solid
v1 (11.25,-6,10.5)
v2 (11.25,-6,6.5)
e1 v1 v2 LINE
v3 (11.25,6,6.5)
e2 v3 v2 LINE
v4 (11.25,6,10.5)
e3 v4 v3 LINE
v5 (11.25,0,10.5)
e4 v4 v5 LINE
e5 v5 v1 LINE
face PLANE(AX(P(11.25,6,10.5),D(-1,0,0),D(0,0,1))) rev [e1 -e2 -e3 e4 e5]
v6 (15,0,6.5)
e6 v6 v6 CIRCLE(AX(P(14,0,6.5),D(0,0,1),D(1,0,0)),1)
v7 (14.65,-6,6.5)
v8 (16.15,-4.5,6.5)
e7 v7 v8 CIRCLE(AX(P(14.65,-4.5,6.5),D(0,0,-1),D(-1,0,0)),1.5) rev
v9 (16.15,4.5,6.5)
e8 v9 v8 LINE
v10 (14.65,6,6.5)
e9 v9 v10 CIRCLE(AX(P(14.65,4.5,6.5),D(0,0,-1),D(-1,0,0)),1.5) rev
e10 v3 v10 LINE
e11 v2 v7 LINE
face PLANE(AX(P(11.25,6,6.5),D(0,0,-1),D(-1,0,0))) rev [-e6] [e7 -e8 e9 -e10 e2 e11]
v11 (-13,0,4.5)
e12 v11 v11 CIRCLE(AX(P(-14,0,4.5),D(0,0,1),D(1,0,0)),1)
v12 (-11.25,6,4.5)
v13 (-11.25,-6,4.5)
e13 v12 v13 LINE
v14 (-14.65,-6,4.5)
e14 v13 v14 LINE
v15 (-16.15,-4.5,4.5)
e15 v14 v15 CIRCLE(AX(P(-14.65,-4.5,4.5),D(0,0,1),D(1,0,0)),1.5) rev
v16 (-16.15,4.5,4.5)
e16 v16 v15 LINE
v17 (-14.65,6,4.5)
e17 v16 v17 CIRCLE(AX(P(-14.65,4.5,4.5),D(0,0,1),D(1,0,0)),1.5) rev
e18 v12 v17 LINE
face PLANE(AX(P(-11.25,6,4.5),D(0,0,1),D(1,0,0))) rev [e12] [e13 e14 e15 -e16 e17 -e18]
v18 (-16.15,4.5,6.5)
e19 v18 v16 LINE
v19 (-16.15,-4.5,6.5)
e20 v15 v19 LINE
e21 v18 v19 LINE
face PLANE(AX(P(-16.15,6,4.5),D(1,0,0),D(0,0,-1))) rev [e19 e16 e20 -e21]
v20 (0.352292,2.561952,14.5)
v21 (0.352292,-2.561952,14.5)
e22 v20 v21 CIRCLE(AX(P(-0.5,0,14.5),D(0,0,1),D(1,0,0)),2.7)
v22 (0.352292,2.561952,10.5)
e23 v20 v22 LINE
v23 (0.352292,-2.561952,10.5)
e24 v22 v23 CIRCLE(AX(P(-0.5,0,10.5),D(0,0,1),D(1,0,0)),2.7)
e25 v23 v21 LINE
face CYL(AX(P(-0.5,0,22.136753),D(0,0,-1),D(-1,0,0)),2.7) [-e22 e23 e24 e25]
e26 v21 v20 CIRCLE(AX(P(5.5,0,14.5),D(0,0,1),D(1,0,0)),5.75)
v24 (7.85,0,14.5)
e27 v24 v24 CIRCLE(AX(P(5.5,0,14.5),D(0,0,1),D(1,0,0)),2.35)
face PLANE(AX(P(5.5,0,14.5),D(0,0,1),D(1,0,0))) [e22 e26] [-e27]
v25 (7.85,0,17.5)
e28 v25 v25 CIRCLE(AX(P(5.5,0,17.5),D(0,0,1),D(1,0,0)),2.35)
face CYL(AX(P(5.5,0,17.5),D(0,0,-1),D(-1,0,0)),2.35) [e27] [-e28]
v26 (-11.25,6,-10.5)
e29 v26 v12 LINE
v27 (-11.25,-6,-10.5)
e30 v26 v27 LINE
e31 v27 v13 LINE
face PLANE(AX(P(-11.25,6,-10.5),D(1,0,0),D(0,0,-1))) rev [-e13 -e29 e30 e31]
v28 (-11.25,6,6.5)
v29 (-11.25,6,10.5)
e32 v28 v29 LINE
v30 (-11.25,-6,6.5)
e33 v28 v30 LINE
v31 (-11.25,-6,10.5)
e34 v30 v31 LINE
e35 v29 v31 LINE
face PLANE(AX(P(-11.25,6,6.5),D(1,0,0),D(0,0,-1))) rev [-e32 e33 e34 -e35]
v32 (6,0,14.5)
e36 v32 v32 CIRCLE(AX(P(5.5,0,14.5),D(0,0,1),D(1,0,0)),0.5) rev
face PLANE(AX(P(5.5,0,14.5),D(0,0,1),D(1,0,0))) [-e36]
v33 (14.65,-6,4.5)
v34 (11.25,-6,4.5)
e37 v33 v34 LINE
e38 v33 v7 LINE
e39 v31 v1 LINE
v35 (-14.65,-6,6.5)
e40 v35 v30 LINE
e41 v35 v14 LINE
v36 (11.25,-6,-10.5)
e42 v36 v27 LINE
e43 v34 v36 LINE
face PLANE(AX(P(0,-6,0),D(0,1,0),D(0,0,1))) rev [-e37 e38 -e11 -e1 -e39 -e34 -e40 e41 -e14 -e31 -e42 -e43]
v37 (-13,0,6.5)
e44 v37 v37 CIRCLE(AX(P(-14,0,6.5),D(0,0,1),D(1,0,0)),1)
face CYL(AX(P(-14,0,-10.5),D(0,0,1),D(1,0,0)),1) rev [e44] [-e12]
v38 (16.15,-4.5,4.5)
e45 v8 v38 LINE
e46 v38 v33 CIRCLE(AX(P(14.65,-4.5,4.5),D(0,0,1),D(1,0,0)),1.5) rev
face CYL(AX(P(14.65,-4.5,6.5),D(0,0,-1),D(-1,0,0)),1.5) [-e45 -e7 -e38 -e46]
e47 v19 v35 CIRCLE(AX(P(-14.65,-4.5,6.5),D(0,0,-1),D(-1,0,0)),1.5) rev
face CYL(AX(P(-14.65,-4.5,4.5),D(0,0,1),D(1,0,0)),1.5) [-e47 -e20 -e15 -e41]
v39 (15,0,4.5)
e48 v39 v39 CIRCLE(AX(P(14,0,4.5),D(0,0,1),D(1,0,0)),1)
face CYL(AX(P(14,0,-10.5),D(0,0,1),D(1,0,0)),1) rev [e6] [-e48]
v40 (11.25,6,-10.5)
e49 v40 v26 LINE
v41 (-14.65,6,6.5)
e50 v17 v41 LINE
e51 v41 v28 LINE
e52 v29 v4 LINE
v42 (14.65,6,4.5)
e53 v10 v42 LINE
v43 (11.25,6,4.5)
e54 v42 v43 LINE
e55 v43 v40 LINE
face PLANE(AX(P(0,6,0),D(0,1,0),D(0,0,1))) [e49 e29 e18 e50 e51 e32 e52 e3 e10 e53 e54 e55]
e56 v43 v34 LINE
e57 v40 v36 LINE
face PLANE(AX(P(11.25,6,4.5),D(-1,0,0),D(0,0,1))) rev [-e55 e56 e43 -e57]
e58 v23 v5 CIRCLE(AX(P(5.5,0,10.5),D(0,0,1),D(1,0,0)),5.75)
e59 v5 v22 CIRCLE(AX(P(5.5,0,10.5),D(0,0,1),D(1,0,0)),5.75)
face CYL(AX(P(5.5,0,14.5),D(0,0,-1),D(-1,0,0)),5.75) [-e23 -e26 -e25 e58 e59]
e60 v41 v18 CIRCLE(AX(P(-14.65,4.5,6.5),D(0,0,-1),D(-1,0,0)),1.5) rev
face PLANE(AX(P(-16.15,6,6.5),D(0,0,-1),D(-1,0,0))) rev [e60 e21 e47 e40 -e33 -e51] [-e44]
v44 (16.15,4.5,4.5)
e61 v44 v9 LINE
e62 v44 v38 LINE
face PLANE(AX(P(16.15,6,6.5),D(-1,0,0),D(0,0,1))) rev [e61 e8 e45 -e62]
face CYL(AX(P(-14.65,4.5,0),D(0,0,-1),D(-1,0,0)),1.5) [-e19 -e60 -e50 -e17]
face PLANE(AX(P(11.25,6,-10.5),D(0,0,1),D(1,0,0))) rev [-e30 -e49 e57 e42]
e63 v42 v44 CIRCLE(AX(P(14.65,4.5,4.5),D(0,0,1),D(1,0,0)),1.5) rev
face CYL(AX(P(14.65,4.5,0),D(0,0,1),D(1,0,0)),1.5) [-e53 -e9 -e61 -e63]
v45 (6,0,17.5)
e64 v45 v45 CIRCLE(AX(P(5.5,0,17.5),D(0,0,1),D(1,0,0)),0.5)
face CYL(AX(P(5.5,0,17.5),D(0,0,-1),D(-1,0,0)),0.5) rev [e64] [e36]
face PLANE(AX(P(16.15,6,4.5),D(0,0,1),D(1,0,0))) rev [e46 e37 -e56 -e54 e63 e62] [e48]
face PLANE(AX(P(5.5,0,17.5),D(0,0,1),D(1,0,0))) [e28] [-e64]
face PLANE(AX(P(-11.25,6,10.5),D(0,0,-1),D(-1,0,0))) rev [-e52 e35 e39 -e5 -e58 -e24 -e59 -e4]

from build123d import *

# Parameters (mm, degrees)
RESSALTO_EXTRUS_O4_DEPTH = 6
ESBO_O8_R                = 5.75
RESSALTO_EXTRUS_O7_DEPTH = 4
ESBO_O9_R                = 2.35
ESBO_O9_R_2              = 0.5
RESSALTO_EXTRUS_O8_DEPTH = 3
ESBO_O10_R               = 2.7
RESSALTO_EXTRUS_O9_DEPTH = 4
ESBO_O12_R               = 1
CORTE_EXTRUS_O1_DEPTH    = 25.203770367
FILETE1_R                = 1.5


with BuildPart() as part:
    # Esboço4 → Ressalto-extrusão4 (new, symmetric)
    with BuildSketch(Plane(origin=(0, 0, 0), x_dir=(1, 0, 0), z_dir=(0, 1, 0))):
        Polygon((-11.25, -10.5), (11.25, -10.5), (11.25, -6.5), (16.15, -6.5), (16.15, -4.5), (11.25, -4.5), (11.25, 10.5), (-11.25, 10.5), (-11.25, -4.5), (-16.15, -4.5), (-16.15, -6.5), (-11.25, -6.5), align=None)
    extrude(amount=RESSALTO_EXTRUS_O4_DEPTH, both=True)

    # Esboço8 → Ressalto-extrusão7 (add)
    with BuildSketch(Plane.XY.offset(10.5)):
        with Locations((5.5, 0)):
            Circle(ESBO_O8_R)
    extrude(amount=RESSALTO_EXTRUS_O7_DEPTH)

    # Esboço9 → Ressalto-extrusão8 (add)
    with BuildSketch(Plane.XY.offset(14.5)):
        with Locations((5.5, 0)):
            Circle(ESBO_O9_R)
        with Locations((5.5, 0)):
            Circle(ESBO_O9_R_2, mode=Mode.SUBTRACT)
    extrude(amount=RESSALTO_EXTRUS_O8_DEPTH)

    # Esboço10 → Ressalto-extrusão9 (add)
    with BuildSketch(Plane.XY.offset(10.5)):
        with Locations((-0.5, 0)):
            Circle(ESBO_O10_R)
    extrude(amount=RESSALTO_EXTRUS_O9_DEPTH)

    # Esboço12 → Corte-extrusão1 (cut, through all)
    with BuildSketch(Plane.XY.offset(6.5)):
        with Locations((-14, 0)):
            Circle(ESBO_O12_R)
        with Locations((14, 0)):
            Circle(ESBO_O12_R)
    extrude(amount=-CORTE_EXTRUS_O1_DEPTH, mode=Mode.SUBTRACT)

    # Filete1
    filete1_edges = [part.edges().sort_by_distance(p)[0] for p in [
        (16.15, -6, 5.5),
        (-16.15, -6, 5.5),
        (-16.15, 6, 5.5),
        (16.15, 6, 5.5),
    ]]
    fillet(filete1_edges, radius=FILETE1_R)


solid = part.part
